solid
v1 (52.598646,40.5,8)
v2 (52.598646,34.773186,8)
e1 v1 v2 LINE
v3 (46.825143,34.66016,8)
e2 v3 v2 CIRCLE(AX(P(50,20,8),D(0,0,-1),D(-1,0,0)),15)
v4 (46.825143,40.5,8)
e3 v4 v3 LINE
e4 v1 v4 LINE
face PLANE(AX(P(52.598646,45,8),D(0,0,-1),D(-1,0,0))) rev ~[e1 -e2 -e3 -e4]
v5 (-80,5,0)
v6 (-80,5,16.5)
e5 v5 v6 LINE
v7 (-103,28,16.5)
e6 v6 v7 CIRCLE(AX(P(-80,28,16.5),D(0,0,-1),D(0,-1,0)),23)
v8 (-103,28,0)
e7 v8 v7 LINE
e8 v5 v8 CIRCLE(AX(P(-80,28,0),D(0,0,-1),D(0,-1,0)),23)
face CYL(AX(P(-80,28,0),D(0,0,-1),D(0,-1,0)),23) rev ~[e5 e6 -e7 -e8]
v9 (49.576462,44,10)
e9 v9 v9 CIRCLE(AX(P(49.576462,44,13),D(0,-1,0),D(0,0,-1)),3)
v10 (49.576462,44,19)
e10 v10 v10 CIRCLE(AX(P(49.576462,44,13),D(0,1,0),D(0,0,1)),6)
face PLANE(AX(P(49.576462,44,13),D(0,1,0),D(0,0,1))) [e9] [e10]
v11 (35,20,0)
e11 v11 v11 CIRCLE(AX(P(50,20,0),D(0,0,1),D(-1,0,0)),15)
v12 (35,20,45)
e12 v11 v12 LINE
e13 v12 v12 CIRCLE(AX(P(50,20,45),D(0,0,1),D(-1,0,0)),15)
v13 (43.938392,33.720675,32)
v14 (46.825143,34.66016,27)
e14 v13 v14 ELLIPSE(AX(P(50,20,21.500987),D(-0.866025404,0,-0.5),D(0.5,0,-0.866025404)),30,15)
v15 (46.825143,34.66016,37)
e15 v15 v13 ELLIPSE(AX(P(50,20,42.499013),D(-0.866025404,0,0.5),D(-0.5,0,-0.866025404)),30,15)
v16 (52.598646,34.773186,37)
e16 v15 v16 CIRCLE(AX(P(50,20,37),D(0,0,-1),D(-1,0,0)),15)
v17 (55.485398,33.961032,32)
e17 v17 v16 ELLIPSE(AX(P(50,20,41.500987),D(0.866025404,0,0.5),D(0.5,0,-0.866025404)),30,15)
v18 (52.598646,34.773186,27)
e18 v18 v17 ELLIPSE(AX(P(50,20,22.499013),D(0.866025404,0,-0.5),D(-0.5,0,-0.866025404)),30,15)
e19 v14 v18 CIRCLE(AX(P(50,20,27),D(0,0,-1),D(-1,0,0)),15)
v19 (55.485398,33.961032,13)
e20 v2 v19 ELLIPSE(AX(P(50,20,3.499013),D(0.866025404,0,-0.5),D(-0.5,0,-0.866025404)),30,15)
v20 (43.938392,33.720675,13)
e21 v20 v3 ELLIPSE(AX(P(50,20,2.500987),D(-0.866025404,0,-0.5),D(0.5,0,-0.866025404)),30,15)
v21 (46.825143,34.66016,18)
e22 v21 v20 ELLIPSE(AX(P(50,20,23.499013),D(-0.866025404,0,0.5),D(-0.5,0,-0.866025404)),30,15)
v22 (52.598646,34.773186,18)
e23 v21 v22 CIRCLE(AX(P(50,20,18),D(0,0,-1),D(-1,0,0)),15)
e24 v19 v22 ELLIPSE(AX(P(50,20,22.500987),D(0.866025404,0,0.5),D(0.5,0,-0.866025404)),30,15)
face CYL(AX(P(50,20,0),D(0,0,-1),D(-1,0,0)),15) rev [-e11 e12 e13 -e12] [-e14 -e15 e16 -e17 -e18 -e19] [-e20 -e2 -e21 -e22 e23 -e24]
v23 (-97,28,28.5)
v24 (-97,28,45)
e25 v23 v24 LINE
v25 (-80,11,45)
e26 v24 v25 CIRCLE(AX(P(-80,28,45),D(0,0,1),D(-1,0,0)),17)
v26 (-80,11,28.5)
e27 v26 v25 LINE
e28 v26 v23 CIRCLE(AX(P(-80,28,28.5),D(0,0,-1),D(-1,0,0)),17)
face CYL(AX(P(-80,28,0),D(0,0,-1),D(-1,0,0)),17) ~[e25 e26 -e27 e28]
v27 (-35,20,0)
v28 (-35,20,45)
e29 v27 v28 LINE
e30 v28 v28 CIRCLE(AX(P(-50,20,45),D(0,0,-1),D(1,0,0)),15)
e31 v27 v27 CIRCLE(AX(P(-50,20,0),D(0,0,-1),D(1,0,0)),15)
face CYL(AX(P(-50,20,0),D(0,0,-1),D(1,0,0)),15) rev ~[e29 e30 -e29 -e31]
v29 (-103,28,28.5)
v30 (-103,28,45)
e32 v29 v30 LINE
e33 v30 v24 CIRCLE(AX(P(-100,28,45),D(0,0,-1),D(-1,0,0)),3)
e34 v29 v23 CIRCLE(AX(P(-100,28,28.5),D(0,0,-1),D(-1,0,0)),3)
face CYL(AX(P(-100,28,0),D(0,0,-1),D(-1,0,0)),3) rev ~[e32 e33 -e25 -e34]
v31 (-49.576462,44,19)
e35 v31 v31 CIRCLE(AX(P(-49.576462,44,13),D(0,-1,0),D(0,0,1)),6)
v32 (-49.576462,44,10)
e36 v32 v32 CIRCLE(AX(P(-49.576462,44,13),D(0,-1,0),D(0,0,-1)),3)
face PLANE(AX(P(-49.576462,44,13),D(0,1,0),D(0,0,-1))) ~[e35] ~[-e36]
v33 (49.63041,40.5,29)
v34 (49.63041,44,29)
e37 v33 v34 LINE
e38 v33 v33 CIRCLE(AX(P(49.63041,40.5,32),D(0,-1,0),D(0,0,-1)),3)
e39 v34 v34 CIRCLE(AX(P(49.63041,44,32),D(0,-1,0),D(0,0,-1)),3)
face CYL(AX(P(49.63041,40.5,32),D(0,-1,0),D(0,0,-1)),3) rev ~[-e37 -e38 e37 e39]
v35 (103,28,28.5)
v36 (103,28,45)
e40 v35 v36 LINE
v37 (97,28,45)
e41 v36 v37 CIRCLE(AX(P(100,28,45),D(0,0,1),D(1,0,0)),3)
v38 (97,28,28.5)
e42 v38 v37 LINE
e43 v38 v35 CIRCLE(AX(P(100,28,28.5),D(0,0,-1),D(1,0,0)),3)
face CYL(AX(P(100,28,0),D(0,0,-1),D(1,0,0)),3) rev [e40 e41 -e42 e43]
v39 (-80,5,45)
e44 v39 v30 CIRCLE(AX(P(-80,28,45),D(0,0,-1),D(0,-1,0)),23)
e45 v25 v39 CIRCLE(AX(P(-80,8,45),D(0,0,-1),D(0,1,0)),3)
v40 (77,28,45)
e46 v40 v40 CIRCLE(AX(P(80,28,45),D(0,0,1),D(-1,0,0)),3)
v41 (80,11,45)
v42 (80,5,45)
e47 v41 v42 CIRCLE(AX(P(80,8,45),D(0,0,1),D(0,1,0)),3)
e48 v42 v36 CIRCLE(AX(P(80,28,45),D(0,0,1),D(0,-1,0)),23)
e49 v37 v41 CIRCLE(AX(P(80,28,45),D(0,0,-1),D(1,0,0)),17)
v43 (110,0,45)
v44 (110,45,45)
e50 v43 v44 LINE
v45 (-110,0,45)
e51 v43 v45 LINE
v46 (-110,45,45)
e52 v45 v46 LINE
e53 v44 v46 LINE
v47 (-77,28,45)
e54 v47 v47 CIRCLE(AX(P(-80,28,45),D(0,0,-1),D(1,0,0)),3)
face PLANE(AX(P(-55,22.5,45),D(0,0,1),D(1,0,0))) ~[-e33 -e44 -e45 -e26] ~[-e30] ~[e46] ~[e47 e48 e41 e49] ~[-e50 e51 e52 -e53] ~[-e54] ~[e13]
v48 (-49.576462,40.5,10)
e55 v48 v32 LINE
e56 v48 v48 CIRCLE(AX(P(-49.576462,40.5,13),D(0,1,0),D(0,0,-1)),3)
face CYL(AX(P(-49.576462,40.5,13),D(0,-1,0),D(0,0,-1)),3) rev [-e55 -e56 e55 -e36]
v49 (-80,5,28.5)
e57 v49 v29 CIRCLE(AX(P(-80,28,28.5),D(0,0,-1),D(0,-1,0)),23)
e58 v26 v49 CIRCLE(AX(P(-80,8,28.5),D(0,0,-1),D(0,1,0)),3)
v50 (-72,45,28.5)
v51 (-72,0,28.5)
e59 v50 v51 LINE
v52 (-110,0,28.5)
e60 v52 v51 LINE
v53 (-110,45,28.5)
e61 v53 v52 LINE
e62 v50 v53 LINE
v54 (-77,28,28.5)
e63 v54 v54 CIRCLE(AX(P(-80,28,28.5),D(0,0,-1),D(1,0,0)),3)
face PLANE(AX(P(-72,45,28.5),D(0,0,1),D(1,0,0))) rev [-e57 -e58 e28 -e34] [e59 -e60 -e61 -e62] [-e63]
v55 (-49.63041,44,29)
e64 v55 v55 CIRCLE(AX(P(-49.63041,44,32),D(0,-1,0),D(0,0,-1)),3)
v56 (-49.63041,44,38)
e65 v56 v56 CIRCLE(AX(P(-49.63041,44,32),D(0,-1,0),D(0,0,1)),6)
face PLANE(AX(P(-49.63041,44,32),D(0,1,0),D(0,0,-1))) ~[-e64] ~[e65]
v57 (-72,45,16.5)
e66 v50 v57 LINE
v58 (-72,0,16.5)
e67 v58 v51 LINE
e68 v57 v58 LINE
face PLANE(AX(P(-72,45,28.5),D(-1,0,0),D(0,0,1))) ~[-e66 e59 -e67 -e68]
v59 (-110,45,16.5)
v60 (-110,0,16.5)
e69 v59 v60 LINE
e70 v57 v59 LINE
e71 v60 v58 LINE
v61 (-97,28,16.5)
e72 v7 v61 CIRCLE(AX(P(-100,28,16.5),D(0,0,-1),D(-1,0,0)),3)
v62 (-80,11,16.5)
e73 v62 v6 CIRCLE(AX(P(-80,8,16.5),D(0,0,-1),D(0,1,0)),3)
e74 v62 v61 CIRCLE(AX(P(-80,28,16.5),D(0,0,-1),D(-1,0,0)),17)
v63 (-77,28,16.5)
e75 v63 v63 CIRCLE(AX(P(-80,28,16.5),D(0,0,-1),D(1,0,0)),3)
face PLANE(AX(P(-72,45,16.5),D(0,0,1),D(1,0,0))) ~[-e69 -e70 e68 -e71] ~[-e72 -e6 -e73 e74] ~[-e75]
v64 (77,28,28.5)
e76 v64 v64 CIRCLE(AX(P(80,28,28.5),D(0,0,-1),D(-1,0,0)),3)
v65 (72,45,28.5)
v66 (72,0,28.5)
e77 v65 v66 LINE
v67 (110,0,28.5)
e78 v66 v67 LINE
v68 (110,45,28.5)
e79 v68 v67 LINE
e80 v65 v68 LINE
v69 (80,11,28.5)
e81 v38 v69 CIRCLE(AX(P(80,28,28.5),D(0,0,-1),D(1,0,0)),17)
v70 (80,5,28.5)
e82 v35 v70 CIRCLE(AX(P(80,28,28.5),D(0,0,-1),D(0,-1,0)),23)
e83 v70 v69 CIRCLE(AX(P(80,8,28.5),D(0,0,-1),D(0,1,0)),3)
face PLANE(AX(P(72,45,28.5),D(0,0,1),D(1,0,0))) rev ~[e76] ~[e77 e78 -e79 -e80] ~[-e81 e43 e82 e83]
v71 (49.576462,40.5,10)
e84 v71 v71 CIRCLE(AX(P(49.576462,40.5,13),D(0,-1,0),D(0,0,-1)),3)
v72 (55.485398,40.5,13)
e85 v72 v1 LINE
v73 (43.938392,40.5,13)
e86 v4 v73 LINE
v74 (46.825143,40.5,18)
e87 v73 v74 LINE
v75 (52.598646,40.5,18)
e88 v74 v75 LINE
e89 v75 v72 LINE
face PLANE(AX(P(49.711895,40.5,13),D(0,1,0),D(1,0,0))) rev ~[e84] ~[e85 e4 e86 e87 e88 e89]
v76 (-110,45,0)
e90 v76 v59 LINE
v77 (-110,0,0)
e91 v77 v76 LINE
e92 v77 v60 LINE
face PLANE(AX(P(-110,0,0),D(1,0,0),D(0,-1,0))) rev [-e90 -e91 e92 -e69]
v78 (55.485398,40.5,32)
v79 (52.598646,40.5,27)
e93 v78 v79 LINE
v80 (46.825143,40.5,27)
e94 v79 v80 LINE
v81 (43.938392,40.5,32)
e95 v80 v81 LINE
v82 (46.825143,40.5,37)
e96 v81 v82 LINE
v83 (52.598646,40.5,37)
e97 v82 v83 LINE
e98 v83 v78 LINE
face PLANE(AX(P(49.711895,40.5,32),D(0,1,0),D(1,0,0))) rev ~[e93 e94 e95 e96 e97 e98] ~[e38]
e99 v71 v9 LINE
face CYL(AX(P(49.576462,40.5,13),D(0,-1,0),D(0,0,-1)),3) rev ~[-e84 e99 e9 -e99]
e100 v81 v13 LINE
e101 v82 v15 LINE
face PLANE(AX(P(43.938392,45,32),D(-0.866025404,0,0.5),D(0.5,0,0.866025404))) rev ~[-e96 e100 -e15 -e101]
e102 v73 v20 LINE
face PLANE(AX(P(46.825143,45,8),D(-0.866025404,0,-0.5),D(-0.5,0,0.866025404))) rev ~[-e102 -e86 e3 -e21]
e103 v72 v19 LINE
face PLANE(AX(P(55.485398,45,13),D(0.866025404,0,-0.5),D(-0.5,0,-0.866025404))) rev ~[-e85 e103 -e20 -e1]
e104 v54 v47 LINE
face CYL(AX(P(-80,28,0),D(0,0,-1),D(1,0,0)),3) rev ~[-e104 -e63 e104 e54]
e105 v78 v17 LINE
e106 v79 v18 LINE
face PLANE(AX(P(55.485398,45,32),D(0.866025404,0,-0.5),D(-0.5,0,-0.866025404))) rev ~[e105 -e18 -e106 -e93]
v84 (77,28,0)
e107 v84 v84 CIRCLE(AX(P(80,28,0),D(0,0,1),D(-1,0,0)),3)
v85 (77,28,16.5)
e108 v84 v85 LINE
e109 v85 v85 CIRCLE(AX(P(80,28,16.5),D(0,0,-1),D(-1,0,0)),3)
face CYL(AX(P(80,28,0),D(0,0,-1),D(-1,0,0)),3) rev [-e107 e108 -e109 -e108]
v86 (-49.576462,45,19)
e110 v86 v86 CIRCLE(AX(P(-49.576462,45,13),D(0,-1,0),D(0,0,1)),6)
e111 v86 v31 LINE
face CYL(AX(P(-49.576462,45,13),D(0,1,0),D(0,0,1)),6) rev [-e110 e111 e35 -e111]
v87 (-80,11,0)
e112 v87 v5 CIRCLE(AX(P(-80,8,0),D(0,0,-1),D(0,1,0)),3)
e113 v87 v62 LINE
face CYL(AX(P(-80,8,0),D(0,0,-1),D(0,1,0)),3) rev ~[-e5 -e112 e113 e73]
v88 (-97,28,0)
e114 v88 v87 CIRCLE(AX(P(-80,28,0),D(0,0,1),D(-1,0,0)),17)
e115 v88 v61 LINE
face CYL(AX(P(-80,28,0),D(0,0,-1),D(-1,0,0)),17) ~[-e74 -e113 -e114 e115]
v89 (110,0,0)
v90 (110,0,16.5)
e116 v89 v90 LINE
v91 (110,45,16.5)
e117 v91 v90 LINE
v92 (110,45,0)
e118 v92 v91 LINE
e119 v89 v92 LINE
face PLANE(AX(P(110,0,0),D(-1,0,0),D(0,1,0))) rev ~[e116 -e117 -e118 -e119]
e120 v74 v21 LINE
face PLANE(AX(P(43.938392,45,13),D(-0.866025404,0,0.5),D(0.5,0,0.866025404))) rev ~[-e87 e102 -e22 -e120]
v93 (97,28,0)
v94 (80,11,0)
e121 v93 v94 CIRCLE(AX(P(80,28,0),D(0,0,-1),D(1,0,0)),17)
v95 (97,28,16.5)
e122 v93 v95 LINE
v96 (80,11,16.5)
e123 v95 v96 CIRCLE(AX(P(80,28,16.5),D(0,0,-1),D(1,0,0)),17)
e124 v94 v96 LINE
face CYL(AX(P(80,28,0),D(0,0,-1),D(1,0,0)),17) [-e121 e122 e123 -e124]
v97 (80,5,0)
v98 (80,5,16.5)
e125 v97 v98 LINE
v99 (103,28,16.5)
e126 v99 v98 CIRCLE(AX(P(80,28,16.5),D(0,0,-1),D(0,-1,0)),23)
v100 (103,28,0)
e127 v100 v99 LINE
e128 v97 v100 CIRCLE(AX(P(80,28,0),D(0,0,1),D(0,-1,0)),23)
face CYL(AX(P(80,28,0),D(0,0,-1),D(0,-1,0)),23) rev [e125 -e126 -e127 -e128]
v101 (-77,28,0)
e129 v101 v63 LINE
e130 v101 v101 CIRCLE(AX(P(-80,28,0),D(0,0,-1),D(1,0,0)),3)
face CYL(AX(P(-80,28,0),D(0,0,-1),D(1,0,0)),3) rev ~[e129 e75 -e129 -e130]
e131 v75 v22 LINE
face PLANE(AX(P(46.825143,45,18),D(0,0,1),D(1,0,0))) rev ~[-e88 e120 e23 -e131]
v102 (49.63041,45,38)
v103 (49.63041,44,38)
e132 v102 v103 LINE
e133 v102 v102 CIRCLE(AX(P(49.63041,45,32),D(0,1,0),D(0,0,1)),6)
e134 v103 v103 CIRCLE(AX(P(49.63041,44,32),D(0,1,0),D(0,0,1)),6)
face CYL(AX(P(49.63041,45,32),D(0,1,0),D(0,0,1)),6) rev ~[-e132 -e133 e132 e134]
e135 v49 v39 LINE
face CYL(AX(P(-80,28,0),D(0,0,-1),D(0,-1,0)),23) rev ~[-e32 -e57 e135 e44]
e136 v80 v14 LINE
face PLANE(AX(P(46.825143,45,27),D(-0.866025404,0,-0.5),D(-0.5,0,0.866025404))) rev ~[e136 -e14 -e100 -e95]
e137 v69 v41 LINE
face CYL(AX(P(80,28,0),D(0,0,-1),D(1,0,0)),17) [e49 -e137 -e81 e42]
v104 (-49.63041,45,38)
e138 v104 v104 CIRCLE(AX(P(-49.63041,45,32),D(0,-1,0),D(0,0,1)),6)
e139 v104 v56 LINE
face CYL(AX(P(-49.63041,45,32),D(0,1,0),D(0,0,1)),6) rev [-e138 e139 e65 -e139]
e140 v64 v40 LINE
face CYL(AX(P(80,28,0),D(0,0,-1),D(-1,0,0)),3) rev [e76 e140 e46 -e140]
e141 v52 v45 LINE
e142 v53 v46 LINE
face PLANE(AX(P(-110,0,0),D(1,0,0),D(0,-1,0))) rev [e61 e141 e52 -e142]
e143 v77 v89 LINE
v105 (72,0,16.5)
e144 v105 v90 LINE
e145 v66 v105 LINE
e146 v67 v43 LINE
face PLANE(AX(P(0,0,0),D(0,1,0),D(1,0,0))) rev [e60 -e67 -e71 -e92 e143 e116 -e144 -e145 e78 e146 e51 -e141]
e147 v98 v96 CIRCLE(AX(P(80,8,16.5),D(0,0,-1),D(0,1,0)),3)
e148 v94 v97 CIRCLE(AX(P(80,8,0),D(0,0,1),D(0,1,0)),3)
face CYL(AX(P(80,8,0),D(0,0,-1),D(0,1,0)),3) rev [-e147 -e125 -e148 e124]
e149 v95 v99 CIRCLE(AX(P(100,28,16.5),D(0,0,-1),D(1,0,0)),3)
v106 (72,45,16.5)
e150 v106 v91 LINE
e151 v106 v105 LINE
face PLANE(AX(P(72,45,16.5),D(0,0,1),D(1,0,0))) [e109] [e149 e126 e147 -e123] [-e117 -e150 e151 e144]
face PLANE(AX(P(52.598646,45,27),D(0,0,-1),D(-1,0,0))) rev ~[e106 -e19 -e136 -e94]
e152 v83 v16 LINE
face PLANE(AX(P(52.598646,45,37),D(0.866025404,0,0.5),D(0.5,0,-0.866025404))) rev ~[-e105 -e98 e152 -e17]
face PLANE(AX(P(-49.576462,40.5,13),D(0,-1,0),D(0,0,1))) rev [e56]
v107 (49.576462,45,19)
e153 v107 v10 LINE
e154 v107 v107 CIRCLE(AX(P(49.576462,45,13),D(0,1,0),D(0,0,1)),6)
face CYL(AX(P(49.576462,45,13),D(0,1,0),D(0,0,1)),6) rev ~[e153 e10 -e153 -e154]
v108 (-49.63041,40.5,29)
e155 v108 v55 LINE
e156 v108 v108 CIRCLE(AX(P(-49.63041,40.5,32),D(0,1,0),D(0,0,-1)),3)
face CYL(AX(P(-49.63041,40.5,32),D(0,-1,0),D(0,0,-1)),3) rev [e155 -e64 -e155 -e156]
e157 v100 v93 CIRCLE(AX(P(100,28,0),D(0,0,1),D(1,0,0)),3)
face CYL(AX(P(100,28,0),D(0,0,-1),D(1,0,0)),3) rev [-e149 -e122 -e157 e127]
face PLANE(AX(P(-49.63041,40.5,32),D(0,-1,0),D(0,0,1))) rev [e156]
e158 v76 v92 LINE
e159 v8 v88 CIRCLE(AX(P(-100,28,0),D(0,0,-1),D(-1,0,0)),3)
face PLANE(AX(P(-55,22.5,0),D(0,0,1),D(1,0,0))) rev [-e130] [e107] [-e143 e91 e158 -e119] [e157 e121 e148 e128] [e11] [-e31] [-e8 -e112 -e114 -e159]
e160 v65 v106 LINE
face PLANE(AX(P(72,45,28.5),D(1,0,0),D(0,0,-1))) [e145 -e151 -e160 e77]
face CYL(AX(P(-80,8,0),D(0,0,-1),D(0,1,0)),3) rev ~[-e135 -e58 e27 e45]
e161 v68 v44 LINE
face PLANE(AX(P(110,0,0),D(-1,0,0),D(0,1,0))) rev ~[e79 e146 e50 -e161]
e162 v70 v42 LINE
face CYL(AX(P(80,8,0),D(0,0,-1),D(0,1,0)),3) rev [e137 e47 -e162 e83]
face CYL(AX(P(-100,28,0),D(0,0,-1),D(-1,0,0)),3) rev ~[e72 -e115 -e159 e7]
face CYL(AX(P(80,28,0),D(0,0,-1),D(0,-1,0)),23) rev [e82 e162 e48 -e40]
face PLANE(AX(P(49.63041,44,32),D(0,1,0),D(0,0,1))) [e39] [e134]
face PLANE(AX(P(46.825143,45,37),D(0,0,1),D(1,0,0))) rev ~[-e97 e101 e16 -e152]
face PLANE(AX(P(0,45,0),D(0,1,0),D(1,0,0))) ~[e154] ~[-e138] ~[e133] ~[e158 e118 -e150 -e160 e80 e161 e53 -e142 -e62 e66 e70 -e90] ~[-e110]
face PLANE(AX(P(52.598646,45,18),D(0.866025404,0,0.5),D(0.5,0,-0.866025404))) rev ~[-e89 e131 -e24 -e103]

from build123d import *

# Parameters (mm, degrees)
SKETCH1_W               = 110
SKETCH1_H               = 45
SKETCH1_R               = 15
SKETCH1_R_2             = 3
BOSS_EXTRUDE1_DEPTH     = 45
CUT_EXTRUDE4_REACH      = 129.083
CUT_EXTRUDE4_END_RADIUS = 15
BOSS_EXTRUDE2_DEPTH     = 4.5
BOSS_EXTRUDE3_DEPTH     = 4.5
SKETCH12_R              = 3
CUT_EXTRUDE5_DEPTH      = 4.5
SKETCH15_R              = 3
CUT_EXTRUDE6_DEPTH      = 4.5
SKETCH16_R              = 6
CUT_EXTRUDE7_DEPTH      = 1
SKETCH18_W              = 38
SKETCH18_H              = 12
CUT_EXTRUDE8_DEPTH      = 128.082650271


with BuildPart() as part:
    # Sketch1 → Boss-Extrude1 (new body)
    with BuildSketch(Plane.XY):
        with Locations((55, 22.5)):
            Rectangle(SKETCH1_W, SKETCH1_H)
        with Locations(Location((50, 20, 0), (0, 0, 180))):
            Circle(SKETCH1_R, mode=Mode.SUBTRACT)
        with Locations(Location((80, 28, 0), (0, 0, 180))):
            Circle(SKETCH1_R_2, mode=Mode.SUBTRACT)
        with BuildLine():
            ThreePointArc((80, 5), (96.263455967, 11.736544033), (103, 28))
            ThreePointArc((103, 28), (100, 31), (97, 28))
            ThreePointArc((97, 28), (92.02081528, 15.97918472), (80, 11))
            ThreePointArc((80, 11), (77, 8), (80, 5))
        make_face(mode=Mode.SUBTRACT)
    boss_extrude1 = extrude(amount=BOSS_EXTRUDE1_DEPTH)

    # Cut-Extrude4: up to this cylinder (the profile starts outside it)
    cut_extrude4_end = Plane(origin=(50, 20, 22.5), z_dir=(0, 0, -1)) * Cylinder(CUT_EXTRUDE4_END_RADIUS, 308.166, mode=Mode.PRIVATE)
    # Sketch3 → Cut-Extrude4 (cut, up to the surface)
    with BuildSketch(Plane(origin=(0, 45, 0), x_dir=(1, 0, 0), z_dir=(0, 1, 0)), mode=Mode.PRIVATE) as cut_extrude4_sk1:
        Polygon((55.485397506, -32), (52.59864616, -27), (46.825143468, -27), (43.938392122, -32), (46.825143468, -37), (52.59864616, -37), align=None)
    cut_extrude4_tool1 = extrude(cut_extrude4_sk1.sketch, amount=-CUT_EXTRUDE4_REACH, mode=Mode.PRIVATE) - cut_extrude4_end
    add(cut_extrude4_tool1.solids().sort_by_distance((49.711895, 45, 32))[0], mode=Mode.SUBTRACT)
    # Sketch3 → Cut-Extrude4 (cut, up to the surface)
    with BuildSketch(Plane(origin=(0, 45, 0), x_dir=(1, 0, 0), z_dir=(0, 1, 0)), mode=Mode.PRIVATE) as cut_extrude4_sk2:
        Polygon((55.485397506, -13), (52.59864616, -8), (46.825143468, -8), (43.938392122, -13), (46.825143468, -18), (52.59864616, -18), align=None)
    cut_extrude4_tool2 = extrude(cut_extrude4_sk2.sketch, amount=-CUT_EXTRUDE4_REACH, mode=Mode.PRIVATE) - cut_extrude4_end
    add(cut_extrude4_tool2.solids().sort_by_distance((49.711895, 45, 13))[0], mode=Mode.SUBTRACT)

    # Sketch9 → Boss-Extrude2 (add)
    with BuildSketch(Plane(origin=(0, 45, 0), x_dir=(1, 0, 0), z_dir=(0, 1, 0))):
        Polygon((46.825143468, -8), (43.938392122, -13), (46.825143468, -18), (52.59864616, -18), (55.485397506, -13), (52.59864616, -8), align=None)
    extrude(amount=-BOSS_EXTRUDE2_DEPTH)

    # Sketch10 → Boss-Extrude3 (add)
    with BuildSketch(Plane(origin=(0, 45, 0), x_dir=(1, 0, 0), z_dir=(0, 1, 0))):
        Polygon((43.938392122, -32), (46.825143468, -37), (52.59864616, -37), (55.485397506, -32), (52.59864616, -27), (46.825143468, -27), align=None)
    extrude(amount=-BOSS_EXTRUDE3_DEPTH)

    # Sketch12 → Cut-Extrude5 (cut)
    with BuildSketch(Plane.XZ.offset(-40.5)):
        with Locations(Location((49.576462362, 13, 0), (0, 0, 270))):
            Circle(SKETCH12_R)
    cut_extrude5 = extrude(amount=-CUT_EXTRUDE5_DEPTH, mode=Mode.SUBTRACT)

    # Sketch15 → Cut-Extrude6 (cut)
    with BuildSketch(Plane.XZ.offset(-40.5)):
        with Locations(Location((49.63041025, 32, 0), (0, 0, 270))):
            Circle(SKETCH15_R)
    cut_extrude6 = extrude(amount=-CUT_EXTRUDE6_DEPTH, mode=Mode.SUBTRACT)

    # Sketch16 → Cut-Extrude7 (cut)
    with BuildSketch(Plane(origin=(0, 45, 0), x_dir=(1, 0, 0), z_dir=(0, 1, 0))):
        with Locations(Location((49.63041025, -32, 0), (0, 0, 270))):
            Circle(SKETCH16_R)
        with Locations(Location((49.576462362, -13, 0), (0, 0, 270))):
            Circle(SKETCH16_R)
    cut_extrude7 = extrude(amount=-CUT_EXTRUDE7_DEPTH, mode=Mode.SUBTRACT)

    # Sketch18 → Cut-Extrude8 (cut, through all)
    with BuildSketch(Plane(origin=(0, 45, 0), x_dir=(1, 0, 0), z_dir=(0, 1, 0))):
        with Locations((91, -22.5)):
            Rectangle(SKETCH18_W, SKETCH18_H)
    cut_extrude8 = extrude(amount=-CUT_EXTRUDE8_DEPTH, mode=Mode.SUBTRACT)

    # Mirror1: Boss-Extrude1, Cut-Extrude5, Cut-Extrude6, Cut-Extrude7, Cut-Extrude8 across plane
    add(boss_extrude1.mirror(Plane(origin=(0, 0, 45), x_dir=(0, 0, 1), z_dir=(-1, 0, 0))))
    add(cut_extrude5.mirror(Plane(origin=(0, 0, 45), x_dir=(0, 0, 1), z_dir=(-1, 0, 0))), mode=Mode.SUBTRACT)
    add(cut_extrude6.mirror(Plane(origin=(0, 0, 45), x_dir=(0, 0, 1), z_dir=(-1, 0, 0))), mode=Mode.SUBTRACT)
    add(cut_extrude7.mirror(Plane(origin=(0, 0, 45), x_dir=(0, 0, 1), z_dir=(-1, 0, 0))), mode=Mode.SUBTRACT)
    add(cut_extrude8.mirror(Plane(origin=(0, 0, 45), x_dir=(0, 0, 1), z_dir=(-1, 0, 0))), mode=Mode.SUBTRACT)


solid = part.part
